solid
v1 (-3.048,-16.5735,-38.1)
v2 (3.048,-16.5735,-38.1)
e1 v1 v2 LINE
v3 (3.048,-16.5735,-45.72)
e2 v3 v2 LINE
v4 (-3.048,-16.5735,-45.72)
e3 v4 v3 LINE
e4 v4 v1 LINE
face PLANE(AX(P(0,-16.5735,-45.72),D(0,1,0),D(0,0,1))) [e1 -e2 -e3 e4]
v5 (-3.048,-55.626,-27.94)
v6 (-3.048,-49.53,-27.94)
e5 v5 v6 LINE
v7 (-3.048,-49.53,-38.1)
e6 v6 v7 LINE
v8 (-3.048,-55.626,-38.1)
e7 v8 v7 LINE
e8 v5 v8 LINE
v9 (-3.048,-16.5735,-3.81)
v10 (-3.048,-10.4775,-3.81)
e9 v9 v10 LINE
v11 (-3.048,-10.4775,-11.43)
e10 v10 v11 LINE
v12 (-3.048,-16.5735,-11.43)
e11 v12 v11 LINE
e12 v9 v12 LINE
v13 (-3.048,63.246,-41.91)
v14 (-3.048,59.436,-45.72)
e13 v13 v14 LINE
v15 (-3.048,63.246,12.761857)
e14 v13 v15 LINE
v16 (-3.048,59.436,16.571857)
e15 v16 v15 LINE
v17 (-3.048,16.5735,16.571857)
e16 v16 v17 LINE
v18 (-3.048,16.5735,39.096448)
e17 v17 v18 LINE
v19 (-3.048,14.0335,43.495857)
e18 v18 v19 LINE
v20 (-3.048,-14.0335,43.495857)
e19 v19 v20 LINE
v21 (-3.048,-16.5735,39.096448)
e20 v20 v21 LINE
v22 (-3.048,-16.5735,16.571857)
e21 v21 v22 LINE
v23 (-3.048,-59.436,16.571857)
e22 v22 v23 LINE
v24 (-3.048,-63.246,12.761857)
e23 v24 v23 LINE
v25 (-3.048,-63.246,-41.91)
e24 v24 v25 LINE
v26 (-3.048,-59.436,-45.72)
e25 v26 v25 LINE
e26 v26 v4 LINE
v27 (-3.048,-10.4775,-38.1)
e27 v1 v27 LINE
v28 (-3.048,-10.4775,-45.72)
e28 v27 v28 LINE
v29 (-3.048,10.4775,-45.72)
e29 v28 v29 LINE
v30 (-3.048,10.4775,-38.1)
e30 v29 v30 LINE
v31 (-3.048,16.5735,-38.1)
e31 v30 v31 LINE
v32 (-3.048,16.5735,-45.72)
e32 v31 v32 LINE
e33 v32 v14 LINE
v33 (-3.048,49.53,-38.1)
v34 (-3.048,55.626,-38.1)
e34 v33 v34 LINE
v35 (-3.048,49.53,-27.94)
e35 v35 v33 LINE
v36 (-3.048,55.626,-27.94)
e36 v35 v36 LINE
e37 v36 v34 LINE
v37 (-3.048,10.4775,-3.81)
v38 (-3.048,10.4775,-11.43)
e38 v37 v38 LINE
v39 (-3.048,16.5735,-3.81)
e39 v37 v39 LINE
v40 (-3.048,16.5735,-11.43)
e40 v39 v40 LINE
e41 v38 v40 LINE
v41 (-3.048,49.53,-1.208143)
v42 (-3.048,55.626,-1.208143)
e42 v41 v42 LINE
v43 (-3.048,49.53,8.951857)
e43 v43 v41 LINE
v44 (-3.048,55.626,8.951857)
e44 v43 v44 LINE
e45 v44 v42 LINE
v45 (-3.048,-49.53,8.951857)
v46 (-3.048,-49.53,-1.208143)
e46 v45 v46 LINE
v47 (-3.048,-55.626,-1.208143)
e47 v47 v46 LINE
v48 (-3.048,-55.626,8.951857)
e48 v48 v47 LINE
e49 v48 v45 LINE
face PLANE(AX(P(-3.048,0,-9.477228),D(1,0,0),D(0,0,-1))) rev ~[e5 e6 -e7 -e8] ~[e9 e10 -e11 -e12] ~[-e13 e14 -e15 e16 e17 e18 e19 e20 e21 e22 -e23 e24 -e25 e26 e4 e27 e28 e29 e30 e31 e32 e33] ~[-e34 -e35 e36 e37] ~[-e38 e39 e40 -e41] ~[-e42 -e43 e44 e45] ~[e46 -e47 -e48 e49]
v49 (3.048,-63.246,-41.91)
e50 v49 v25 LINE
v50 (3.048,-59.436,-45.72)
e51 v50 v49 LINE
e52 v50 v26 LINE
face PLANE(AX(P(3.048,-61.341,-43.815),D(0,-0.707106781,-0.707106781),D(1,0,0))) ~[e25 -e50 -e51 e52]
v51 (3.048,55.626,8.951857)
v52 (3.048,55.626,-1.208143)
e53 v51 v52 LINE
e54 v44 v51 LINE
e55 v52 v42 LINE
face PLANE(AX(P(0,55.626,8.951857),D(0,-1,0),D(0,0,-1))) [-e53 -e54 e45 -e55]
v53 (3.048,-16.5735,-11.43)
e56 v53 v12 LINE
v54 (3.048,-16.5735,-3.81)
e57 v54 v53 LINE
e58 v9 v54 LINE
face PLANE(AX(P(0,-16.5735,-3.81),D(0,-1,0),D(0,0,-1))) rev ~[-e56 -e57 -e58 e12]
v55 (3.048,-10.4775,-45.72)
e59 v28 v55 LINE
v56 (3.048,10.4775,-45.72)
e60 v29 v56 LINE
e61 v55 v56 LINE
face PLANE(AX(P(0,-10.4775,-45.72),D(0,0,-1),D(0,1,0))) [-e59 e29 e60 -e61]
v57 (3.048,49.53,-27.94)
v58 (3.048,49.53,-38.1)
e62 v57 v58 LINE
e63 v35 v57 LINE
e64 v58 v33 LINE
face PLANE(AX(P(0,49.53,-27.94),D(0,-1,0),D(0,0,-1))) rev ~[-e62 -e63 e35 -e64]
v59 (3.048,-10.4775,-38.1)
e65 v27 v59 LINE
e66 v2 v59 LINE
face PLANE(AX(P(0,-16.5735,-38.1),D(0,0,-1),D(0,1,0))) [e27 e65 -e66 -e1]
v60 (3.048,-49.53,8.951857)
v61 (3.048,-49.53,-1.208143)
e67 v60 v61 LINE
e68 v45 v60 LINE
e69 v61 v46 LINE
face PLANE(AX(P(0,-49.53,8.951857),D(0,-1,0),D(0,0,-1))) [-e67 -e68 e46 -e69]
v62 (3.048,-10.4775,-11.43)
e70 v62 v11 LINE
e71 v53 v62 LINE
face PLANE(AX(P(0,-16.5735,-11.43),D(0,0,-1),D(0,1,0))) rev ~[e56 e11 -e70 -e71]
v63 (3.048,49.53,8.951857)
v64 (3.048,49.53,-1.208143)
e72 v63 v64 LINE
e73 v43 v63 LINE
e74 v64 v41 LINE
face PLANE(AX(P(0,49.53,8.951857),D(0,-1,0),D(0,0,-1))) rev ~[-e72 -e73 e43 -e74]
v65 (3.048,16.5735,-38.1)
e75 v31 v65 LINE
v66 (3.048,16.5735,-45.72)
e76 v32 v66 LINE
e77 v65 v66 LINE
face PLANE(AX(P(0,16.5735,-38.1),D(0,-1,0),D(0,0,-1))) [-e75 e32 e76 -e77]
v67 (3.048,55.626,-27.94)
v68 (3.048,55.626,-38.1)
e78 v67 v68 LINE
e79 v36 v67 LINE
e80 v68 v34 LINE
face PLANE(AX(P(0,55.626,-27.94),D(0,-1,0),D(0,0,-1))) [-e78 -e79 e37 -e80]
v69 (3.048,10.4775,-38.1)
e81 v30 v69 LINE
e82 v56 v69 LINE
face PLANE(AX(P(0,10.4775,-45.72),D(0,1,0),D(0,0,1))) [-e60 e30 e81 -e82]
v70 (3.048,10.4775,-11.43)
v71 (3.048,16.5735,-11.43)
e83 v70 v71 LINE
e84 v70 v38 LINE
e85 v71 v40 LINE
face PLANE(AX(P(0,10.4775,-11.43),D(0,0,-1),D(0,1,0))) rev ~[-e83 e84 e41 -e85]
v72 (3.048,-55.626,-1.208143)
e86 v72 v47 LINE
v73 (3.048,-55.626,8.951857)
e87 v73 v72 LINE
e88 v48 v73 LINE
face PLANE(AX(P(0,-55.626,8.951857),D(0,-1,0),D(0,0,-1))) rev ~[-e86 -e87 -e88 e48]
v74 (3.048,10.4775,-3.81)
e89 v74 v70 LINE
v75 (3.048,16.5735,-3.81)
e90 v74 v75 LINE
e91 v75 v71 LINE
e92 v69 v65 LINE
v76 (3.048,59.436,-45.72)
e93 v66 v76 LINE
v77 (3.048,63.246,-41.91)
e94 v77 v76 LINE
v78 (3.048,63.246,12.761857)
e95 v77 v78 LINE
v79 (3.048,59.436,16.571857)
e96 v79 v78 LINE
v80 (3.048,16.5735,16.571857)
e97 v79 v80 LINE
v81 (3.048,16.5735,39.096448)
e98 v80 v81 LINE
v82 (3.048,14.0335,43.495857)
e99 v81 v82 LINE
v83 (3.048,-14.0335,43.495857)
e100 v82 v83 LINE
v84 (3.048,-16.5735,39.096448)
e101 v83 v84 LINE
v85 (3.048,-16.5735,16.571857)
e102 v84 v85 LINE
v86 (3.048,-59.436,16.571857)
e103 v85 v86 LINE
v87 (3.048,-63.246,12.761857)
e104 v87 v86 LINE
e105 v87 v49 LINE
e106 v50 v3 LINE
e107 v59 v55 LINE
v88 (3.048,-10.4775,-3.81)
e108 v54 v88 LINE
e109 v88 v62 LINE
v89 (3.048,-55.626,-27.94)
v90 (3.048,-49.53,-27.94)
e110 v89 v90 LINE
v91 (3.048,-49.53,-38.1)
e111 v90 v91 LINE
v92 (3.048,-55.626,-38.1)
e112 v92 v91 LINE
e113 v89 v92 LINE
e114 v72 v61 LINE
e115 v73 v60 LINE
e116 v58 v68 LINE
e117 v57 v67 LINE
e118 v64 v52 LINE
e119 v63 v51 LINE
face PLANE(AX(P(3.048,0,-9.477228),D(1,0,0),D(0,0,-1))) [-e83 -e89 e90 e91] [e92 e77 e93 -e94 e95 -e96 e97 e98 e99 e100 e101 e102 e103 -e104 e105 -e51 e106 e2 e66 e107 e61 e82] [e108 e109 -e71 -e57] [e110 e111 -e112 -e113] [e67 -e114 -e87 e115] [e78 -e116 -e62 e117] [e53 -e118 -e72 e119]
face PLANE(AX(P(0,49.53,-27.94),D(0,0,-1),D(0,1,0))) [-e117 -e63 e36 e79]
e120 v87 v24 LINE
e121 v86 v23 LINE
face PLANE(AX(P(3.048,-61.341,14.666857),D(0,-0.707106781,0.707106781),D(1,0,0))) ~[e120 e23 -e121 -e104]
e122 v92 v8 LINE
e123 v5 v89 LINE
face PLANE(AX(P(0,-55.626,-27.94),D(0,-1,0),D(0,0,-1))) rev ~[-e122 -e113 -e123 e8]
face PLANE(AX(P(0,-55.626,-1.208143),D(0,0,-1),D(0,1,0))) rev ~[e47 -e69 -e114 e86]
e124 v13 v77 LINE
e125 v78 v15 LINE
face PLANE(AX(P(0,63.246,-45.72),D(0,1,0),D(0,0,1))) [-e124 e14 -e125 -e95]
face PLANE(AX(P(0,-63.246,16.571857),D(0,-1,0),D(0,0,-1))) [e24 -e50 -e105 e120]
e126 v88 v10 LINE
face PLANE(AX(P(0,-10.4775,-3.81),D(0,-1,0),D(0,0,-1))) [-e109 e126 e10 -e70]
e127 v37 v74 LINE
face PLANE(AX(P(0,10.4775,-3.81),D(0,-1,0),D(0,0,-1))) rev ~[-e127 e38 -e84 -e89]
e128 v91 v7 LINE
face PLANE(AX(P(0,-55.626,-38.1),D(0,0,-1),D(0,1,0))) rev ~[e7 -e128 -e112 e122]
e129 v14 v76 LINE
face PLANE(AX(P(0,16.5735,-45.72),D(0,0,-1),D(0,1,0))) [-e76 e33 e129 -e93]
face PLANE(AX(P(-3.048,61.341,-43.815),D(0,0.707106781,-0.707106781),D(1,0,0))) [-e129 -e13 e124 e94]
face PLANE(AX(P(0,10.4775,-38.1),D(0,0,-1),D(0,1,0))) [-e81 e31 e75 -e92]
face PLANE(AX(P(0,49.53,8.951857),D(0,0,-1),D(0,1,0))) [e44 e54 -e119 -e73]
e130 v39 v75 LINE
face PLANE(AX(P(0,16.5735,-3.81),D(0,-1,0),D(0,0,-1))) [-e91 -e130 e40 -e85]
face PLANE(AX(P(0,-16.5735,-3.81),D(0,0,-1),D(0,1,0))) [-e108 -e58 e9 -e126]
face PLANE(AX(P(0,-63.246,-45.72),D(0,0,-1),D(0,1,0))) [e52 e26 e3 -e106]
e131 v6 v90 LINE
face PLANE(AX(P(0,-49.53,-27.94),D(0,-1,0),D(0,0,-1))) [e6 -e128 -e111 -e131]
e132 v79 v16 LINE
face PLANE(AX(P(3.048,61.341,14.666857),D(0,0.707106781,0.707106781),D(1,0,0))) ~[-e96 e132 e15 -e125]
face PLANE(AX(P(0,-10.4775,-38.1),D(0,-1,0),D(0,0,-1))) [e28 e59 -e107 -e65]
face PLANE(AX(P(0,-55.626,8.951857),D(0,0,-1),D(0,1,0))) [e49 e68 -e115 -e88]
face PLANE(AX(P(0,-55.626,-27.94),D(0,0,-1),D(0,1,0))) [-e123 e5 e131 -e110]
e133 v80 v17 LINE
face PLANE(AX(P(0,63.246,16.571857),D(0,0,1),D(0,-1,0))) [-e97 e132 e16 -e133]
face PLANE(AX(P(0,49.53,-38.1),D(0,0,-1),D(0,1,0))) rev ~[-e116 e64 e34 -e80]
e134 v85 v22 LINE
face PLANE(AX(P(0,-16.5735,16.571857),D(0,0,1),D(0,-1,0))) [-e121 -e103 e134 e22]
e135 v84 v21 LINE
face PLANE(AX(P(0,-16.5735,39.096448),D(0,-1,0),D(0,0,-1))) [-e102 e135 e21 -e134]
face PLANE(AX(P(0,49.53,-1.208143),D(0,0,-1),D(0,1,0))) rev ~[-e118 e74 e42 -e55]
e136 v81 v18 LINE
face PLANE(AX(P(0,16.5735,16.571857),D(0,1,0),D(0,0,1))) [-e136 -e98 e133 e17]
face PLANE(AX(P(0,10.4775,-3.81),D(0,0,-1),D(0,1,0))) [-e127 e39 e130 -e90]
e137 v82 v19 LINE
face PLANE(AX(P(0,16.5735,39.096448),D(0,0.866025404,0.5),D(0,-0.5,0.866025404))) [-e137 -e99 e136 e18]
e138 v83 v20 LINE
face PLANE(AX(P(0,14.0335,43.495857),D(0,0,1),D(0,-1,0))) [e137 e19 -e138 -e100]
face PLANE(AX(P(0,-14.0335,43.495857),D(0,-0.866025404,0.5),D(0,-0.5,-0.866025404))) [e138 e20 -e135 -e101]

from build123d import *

# Parameters (mm, degrees)
SKETCH1_W           = 10.16
SKETCH1_H           = 6.096
SKETCH1_W_2         = 7.62
BOSS_EXTRUDE1_DEPTH = 3.048
CHAMFER2_SIZE       = 3.81


with BuildPart() as part:
    # Sketch1 → Boss-Extrude1 (new body, symmetric)
    with BuildSketch(Plane(origin=(0, 0, 0), x_dir=(0, 0, -1), z_dir=(1, 0, 0))):
        Polygon((45.72, -63.246), (45.72, -16.5735), (38.1, -16.5735), (38.1, -10.4775), (45.72, -10.4775), (45.72, 10.4775), (38.1, 10.4775), (38.1, 16.5735), (45.72, 16.5735), (45.72, 63.246), (-16.571856626, 63.246), (-16.571856626, 16.5735), (-39.096447575, 16.5735), (-43.495856626, 14.0335), (-43.495856626, -14.0335), (-39.096447575, -16.5735), (-16.571856626, -16.5735), (-16.571856626, -63.246), align=None)
        with Locations((33.02, -52.578)):
            Rectangle(SKETCH1_W, SKETCH1_H, mode=Mode.SUBTRACT)
        with Locations((33.02, 52.578)):
            Rectangle(SKETCH1_W, SKETCH1_H, mode=Mode.SUBTRACT)
        with Locations((-3.871856626, 52.578)):
            Rectangle(SKETCH1_W, SKETCH1_H, mode=Mode.SUBTRACT)
        with Locations((-3.871856626, -52.578)):
            Rectangle(SKETCH1_W, SKETCH1_H, mode=Mode.SUBTRACT)
        with Locations((7.62, 13.5255)):
            Rectangle(SKETCH1_W_2, SKETCH1_H, mode=Mode.SUBTRACT)
        with Locations((7.62, -13.5255)):
            Rectangle(SKETCH1_W_2, SKETCH1_H, mode=Mode.SUBTRACT)
    extrude(amount=BOSS_EXTRUDE1_DEPTH, both=True)

    # Chamfer2
    chamfer2_edges = [part.edges().sort_by_distance(p)[0] for p in [
        (0, -63.246, -45.72),
        (0, -63.246, 16.571856626),
        (0, 63.246, 16.571856626),
        (0, 63.246, -45.72),
    ]]
    chamfer(chamfer2_edges, length=CHAMFER2_SIZE)


solid = part.part
